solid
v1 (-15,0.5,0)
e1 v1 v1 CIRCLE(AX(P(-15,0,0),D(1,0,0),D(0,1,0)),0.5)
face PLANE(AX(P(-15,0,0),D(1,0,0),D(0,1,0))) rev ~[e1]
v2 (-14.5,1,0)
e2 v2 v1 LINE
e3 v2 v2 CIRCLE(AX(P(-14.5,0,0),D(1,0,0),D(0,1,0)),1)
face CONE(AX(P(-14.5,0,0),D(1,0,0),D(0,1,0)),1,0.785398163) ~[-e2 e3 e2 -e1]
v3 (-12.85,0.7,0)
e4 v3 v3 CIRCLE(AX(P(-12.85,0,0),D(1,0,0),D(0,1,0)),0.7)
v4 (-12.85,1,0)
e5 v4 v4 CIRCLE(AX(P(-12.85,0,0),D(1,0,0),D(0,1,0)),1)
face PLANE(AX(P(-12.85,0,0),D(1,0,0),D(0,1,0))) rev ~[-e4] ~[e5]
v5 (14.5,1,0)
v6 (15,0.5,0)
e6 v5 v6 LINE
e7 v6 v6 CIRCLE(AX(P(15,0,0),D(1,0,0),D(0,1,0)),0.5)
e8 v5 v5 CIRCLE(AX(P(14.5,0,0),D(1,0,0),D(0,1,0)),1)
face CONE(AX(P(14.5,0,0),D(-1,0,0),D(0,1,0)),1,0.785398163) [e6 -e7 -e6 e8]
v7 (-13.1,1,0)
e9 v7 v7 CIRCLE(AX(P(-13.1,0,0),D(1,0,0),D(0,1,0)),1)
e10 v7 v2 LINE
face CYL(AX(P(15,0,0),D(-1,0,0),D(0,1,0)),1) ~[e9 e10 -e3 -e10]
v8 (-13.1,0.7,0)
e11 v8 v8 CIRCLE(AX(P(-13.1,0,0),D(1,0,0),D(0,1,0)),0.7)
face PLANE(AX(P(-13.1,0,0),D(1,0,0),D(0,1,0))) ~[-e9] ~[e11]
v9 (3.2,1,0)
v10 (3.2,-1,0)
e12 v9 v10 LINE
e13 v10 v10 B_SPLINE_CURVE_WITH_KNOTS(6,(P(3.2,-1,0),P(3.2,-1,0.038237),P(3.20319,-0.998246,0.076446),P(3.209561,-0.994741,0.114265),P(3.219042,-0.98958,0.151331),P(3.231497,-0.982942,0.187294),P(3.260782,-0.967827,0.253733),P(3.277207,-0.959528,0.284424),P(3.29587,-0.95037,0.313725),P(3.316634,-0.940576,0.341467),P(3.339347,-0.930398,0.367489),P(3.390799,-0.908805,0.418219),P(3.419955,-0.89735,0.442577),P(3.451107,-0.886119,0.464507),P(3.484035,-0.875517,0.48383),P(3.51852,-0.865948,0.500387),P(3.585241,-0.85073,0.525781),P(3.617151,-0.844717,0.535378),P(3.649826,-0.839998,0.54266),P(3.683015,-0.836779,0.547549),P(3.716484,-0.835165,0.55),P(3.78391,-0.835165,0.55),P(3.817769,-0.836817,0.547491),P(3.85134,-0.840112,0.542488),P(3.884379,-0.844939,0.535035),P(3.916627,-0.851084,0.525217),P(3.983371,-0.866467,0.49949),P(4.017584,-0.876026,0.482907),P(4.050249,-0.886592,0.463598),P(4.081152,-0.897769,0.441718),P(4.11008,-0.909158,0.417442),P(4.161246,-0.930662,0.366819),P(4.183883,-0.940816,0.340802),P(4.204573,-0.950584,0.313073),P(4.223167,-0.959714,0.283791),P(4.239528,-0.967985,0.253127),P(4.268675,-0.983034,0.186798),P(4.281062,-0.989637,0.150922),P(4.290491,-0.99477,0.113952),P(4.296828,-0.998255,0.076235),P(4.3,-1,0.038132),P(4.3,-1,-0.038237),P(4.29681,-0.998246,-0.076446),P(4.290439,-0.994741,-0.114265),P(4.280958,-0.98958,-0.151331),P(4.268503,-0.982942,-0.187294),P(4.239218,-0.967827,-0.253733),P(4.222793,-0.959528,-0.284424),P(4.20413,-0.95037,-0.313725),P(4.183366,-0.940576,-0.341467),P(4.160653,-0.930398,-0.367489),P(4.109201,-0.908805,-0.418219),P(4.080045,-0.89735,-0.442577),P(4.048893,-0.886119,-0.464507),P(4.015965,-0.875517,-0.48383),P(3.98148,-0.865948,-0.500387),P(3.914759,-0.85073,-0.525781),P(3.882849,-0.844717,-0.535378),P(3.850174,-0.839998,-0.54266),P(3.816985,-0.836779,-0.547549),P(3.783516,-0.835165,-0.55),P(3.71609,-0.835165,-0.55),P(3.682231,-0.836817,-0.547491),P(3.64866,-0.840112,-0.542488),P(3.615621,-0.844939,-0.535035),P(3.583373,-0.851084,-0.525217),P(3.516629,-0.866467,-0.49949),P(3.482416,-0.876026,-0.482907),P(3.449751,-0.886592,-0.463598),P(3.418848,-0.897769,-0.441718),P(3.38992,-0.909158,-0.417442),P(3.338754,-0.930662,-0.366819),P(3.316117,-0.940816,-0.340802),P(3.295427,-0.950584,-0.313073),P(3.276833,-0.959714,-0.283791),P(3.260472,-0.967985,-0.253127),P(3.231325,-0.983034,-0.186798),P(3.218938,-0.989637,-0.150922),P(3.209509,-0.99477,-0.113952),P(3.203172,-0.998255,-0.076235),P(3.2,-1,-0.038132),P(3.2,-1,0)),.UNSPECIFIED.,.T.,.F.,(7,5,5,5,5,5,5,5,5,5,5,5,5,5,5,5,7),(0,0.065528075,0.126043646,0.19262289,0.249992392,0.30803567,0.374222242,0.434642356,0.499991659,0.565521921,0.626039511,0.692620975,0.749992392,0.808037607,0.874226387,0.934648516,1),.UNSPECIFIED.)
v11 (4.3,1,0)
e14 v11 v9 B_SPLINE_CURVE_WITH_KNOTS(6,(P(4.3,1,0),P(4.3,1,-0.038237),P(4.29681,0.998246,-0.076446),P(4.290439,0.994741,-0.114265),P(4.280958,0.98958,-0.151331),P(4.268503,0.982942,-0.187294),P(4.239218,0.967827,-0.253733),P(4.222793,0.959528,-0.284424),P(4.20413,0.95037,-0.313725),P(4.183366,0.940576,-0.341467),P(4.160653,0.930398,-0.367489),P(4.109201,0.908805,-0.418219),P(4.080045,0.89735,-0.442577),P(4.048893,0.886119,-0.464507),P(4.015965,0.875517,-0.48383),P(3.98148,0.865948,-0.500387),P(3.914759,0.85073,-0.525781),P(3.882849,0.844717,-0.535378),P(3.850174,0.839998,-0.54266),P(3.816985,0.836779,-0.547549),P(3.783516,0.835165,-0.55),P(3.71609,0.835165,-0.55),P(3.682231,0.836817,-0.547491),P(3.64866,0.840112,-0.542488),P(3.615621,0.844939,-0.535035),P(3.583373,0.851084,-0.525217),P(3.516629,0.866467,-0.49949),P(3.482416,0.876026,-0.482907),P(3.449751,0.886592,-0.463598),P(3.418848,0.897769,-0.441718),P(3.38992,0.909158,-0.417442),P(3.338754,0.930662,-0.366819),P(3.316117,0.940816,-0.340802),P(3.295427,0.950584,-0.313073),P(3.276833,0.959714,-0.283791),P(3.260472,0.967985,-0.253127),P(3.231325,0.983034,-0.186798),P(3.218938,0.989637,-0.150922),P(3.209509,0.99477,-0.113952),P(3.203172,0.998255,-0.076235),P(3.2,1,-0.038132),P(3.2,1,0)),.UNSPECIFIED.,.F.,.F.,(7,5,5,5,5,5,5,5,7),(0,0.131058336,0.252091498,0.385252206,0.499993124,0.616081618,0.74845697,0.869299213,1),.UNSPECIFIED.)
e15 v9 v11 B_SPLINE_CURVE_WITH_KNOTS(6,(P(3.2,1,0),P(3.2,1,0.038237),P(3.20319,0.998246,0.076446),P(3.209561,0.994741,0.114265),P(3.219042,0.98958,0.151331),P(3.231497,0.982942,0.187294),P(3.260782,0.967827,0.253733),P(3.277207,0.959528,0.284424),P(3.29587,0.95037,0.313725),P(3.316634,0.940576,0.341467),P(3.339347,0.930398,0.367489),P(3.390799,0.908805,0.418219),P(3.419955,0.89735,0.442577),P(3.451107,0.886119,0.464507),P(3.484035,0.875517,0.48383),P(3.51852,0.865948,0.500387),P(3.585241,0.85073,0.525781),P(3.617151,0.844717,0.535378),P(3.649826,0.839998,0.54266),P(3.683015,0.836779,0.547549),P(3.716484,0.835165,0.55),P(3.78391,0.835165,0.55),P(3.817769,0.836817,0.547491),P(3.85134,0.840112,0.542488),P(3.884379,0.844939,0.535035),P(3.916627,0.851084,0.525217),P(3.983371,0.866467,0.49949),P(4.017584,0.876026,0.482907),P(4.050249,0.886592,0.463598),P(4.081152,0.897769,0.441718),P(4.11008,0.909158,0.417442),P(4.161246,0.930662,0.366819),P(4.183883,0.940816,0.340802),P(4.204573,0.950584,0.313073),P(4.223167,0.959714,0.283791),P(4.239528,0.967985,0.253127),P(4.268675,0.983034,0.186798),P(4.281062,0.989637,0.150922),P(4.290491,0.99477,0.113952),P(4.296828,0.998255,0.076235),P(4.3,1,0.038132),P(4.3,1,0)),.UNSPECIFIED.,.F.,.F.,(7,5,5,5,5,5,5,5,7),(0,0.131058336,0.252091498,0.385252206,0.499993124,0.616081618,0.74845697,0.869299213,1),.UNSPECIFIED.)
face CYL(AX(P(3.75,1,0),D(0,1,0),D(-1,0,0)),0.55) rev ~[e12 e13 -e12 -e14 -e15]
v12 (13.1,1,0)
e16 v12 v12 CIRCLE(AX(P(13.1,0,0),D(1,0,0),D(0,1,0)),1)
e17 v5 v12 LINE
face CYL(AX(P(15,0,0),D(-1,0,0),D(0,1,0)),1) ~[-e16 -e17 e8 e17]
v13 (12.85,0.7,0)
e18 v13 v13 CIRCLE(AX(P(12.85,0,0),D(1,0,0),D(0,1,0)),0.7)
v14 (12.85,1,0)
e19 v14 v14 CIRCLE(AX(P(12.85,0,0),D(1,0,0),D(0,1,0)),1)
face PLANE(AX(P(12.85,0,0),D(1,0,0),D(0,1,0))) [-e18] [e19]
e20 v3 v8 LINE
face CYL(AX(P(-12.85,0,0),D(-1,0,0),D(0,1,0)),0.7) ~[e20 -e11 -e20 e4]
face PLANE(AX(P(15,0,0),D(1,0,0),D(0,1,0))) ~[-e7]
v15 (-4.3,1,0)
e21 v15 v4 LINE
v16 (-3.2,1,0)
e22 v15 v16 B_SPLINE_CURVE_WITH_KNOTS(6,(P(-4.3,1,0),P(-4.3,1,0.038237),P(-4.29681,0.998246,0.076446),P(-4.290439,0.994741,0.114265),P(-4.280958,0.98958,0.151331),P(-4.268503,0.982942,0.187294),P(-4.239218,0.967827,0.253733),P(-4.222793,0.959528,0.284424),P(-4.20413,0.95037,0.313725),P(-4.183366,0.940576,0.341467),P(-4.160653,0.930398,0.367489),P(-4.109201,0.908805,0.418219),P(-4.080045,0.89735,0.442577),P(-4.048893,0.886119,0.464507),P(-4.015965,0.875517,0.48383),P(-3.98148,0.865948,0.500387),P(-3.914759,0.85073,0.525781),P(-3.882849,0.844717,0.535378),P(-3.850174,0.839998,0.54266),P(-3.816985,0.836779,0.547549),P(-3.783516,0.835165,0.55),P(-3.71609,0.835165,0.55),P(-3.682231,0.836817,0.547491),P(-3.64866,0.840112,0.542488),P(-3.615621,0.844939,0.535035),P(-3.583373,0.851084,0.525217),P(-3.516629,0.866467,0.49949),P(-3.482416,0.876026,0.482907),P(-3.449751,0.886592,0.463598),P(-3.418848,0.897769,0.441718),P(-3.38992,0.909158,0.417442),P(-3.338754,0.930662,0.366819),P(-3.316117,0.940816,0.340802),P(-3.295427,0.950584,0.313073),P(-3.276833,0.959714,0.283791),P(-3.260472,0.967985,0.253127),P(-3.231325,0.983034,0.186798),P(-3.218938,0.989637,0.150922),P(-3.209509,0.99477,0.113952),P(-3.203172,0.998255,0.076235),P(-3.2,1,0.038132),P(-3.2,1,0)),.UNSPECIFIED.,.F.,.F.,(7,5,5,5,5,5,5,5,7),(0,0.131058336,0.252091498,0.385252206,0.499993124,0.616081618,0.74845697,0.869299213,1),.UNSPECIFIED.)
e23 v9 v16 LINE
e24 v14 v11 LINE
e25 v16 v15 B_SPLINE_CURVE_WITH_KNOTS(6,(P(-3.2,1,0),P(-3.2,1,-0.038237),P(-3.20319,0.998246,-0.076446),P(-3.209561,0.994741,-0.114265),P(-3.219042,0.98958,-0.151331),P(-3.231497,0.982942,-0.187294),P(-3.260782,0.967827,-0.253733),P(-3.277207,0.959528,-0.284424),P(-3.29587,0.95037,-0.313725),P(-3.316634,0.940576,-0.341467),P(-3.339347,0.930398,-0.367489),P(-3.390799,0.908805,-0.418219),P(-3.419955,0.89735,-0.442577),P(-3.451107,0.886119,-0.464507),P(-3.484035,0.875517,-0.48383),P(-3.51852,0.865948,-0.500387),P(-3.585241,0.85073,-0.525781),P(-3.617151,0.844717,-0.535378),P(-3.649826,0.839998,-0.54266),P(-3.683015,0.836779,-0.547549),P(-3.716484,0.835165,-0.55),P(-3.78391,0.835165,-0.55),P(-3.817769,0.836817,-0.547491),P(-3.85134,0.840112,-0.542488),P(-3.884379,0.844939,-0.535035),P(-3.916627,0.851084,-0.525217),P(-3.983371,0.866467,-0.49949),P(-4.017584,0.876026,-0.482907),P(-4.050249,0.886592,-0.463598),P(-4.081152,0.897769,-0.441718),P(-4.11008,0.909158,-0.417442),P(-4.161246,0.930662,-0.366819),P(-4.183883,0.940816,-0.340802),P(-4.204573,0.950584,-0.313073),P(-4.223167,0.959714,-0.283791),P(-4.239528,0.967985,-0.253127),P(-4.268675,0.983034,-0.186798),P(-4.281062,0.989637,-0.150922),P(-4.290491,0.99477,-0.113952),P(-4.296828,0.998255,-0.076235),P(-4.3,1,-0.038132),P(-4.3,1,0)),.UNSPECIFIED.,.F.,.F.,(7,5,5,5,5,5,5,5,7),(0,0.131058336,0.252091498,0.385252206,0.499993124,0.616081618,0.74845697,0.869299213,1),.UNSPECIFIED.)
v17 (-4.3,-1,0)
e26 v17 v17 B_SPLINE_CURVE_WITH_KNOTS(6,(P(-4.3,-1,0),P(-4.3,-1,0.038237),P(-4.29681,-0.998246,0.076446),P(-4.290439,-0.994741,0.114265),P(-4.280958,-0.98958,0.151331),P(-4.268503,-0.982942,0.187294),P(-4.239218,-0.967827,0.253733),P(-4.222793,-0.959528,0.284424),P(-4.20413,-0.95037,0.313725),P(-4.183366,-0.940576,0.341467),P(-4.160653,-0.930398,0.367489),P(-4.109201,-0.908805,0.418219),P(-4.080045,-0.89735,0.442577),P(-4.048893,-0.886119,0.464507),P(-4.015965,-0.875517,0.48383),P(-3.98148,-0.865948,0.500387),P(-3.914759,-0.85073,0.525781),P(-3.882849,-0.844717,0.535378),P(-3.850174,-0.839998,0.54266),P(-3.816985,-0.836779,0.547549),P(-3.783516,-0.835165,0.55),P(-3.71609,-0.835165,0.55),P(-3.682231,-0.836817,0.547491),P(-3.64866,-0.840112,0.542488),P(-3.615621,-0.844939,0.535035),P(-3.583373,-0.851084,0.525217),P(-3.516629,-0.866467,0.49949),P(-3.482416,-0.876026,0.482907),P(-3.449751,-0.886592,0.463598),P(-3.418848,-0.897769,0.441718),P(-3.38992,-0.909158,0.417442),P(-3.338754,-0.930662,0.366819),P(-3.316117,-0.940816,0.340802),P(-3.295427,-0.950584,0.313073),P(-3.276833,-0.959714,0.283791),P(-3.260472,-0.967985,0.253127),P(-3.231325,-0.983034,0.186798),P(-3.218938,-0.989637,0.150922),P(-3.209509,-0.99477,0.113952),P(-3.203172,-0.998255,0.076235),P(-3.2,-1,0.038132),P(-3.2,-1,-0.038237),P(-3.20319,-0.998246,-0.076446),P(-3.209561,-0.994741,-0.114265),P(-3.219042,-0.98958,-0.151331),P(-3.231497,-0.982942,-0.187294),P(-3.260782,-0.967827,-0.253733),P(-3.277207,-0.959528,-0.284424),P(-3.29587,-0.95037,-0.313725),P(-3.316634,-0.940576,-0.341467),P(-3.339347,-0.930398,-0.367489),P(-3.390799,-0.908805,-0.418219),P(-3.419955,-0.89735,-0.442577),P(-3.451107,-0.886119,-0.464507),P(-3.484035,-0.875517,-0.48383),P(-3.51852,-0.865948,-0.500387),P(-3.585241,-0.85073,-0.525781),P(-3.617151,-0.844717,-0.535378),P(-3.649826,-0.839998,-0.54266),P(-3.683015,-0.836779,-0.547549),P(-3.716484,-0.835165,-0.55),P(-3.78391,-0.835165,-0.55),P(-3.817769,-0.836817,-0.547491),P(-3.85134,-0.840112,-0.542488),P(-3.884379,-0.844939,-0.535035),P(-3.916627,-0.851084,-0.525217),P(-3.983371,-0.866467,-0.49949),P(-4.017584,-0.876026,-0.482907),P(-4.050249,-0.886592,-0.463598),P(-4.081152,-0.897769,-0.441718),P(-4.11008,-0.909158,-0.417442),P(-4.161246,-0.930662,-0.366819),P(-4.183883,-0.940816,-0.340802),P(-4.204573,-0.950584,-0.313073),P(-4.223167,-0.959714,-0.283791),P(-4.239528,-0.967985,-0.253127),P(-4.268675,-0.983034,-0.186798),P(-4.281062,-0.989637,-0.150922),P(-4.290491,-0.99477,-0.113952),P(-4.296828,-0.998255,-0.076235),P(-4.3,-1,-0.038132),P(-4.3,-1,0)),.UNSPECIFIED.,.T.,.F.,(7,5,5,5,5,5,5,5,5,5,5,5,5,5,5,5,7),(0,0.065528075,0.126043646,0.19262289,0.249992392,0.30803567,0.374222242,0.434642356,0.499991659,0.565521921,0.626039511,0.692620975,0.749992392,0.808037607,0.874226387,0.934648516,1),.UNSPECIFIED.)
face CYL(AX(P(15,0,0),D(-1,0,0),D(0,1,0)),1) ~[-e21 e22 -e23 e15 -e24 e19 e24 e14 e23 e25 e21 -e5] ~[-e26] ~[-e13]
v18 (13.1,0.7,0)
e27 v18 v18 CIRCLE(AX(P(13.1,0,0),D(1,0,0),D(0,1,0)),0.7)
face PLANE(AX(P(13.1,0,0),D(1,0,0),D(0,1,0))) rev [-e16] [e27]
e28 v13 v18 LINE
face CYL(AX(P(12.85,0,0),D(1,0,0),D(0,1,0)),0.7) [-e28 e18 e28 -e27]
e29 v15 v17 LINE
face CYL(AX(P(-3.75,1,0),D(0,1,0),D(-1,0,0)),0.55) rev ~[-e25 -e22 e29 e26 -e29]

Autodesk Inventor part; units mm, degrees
ref_plane "YZ Plane" through (0, 0, 0) normal (1, 0, 0) x (0, 1, 0)
ref_plane "XY Plane" through (0, 0, 0) normal (0, 0, 1) x (1, 0, 0)
sketch "Sketch2" plane through (0, 0, 0) normal (0, 0, 1) x (1, 0, 0)
  line L0 (-15, 1) -> (-15, 0)
  line L1 (-15, 0) -> (15, 0)
  line L2 (15, 0) -> (15, 1)
  line L3 (15, 1) -> (-15, 1)
  line L4 (-15, 1) -> (15, 0) construction
  line L5 (-15, 0) -> (15, 1) construction
  line L6 (-13.1, 1) -> (-12.85, 1)
  line L7 (-12.85, 1) -> (-12.85, 0.7)
  line L8 (-12.85, 0.7) -> (-13.1, 0.7)
  line L9 (-13.1, 0.7) -> (-13.1, 1)
  line L10 (0, 0) -> (0, 1)
  line L11 (12.85, 1) -> (12.85, 0.7)
  line L12 (12.85, 0.7) -> (13.1, 0.7)
  line L13 (13.1, 0.7) -> (13.1, 1)
  line L14 (-21, 0) -> (21, 0) projected
  point P0 (0, 0.5)
  point P1 (0, 0.5)
  dimension "d1" = 1
  dimension "d2" = 30
  dimension "d3" = 0.25
  dimension "d4" = 0.3
  dimension "d5" = 25.7
revolve "Revolution1" add sketch "Sketch2" angle 360 about axis through (-10, 0, 0) along (1, 0, 0) contours L3 L9 L8 L7 L10 L1 L0 | L10 L3 L11 L12 L13 L2 L1
ref_plane "Work Plane1" through (0, 1, 0) normal (0, 1, 0) x (-1, 0, 0)
sketch "Sketch3" plane through (0, 1, 0) normal (0, 1, 0) x (-1, 0, 0)
  circle A0 centre (3.75, 0) radius 0.55
  line L0 (0, 0.9388) -> (0, -0.9388)
  circle A1 centre (-3.75, 0) radius 0.55
  point P0 (0, 0)
  point P1 (0, 0)
  dimension "d10" = 1.1
  dimension "d11" = 7.5
extrude "Extrusion1" cut sketch "Sketch3" against normal through all
chamfer "Chamfer1" distance 0.5 angle 45 2 edges at (-15, -1, 0) (15, -1, 0)
properties part number "axle"
